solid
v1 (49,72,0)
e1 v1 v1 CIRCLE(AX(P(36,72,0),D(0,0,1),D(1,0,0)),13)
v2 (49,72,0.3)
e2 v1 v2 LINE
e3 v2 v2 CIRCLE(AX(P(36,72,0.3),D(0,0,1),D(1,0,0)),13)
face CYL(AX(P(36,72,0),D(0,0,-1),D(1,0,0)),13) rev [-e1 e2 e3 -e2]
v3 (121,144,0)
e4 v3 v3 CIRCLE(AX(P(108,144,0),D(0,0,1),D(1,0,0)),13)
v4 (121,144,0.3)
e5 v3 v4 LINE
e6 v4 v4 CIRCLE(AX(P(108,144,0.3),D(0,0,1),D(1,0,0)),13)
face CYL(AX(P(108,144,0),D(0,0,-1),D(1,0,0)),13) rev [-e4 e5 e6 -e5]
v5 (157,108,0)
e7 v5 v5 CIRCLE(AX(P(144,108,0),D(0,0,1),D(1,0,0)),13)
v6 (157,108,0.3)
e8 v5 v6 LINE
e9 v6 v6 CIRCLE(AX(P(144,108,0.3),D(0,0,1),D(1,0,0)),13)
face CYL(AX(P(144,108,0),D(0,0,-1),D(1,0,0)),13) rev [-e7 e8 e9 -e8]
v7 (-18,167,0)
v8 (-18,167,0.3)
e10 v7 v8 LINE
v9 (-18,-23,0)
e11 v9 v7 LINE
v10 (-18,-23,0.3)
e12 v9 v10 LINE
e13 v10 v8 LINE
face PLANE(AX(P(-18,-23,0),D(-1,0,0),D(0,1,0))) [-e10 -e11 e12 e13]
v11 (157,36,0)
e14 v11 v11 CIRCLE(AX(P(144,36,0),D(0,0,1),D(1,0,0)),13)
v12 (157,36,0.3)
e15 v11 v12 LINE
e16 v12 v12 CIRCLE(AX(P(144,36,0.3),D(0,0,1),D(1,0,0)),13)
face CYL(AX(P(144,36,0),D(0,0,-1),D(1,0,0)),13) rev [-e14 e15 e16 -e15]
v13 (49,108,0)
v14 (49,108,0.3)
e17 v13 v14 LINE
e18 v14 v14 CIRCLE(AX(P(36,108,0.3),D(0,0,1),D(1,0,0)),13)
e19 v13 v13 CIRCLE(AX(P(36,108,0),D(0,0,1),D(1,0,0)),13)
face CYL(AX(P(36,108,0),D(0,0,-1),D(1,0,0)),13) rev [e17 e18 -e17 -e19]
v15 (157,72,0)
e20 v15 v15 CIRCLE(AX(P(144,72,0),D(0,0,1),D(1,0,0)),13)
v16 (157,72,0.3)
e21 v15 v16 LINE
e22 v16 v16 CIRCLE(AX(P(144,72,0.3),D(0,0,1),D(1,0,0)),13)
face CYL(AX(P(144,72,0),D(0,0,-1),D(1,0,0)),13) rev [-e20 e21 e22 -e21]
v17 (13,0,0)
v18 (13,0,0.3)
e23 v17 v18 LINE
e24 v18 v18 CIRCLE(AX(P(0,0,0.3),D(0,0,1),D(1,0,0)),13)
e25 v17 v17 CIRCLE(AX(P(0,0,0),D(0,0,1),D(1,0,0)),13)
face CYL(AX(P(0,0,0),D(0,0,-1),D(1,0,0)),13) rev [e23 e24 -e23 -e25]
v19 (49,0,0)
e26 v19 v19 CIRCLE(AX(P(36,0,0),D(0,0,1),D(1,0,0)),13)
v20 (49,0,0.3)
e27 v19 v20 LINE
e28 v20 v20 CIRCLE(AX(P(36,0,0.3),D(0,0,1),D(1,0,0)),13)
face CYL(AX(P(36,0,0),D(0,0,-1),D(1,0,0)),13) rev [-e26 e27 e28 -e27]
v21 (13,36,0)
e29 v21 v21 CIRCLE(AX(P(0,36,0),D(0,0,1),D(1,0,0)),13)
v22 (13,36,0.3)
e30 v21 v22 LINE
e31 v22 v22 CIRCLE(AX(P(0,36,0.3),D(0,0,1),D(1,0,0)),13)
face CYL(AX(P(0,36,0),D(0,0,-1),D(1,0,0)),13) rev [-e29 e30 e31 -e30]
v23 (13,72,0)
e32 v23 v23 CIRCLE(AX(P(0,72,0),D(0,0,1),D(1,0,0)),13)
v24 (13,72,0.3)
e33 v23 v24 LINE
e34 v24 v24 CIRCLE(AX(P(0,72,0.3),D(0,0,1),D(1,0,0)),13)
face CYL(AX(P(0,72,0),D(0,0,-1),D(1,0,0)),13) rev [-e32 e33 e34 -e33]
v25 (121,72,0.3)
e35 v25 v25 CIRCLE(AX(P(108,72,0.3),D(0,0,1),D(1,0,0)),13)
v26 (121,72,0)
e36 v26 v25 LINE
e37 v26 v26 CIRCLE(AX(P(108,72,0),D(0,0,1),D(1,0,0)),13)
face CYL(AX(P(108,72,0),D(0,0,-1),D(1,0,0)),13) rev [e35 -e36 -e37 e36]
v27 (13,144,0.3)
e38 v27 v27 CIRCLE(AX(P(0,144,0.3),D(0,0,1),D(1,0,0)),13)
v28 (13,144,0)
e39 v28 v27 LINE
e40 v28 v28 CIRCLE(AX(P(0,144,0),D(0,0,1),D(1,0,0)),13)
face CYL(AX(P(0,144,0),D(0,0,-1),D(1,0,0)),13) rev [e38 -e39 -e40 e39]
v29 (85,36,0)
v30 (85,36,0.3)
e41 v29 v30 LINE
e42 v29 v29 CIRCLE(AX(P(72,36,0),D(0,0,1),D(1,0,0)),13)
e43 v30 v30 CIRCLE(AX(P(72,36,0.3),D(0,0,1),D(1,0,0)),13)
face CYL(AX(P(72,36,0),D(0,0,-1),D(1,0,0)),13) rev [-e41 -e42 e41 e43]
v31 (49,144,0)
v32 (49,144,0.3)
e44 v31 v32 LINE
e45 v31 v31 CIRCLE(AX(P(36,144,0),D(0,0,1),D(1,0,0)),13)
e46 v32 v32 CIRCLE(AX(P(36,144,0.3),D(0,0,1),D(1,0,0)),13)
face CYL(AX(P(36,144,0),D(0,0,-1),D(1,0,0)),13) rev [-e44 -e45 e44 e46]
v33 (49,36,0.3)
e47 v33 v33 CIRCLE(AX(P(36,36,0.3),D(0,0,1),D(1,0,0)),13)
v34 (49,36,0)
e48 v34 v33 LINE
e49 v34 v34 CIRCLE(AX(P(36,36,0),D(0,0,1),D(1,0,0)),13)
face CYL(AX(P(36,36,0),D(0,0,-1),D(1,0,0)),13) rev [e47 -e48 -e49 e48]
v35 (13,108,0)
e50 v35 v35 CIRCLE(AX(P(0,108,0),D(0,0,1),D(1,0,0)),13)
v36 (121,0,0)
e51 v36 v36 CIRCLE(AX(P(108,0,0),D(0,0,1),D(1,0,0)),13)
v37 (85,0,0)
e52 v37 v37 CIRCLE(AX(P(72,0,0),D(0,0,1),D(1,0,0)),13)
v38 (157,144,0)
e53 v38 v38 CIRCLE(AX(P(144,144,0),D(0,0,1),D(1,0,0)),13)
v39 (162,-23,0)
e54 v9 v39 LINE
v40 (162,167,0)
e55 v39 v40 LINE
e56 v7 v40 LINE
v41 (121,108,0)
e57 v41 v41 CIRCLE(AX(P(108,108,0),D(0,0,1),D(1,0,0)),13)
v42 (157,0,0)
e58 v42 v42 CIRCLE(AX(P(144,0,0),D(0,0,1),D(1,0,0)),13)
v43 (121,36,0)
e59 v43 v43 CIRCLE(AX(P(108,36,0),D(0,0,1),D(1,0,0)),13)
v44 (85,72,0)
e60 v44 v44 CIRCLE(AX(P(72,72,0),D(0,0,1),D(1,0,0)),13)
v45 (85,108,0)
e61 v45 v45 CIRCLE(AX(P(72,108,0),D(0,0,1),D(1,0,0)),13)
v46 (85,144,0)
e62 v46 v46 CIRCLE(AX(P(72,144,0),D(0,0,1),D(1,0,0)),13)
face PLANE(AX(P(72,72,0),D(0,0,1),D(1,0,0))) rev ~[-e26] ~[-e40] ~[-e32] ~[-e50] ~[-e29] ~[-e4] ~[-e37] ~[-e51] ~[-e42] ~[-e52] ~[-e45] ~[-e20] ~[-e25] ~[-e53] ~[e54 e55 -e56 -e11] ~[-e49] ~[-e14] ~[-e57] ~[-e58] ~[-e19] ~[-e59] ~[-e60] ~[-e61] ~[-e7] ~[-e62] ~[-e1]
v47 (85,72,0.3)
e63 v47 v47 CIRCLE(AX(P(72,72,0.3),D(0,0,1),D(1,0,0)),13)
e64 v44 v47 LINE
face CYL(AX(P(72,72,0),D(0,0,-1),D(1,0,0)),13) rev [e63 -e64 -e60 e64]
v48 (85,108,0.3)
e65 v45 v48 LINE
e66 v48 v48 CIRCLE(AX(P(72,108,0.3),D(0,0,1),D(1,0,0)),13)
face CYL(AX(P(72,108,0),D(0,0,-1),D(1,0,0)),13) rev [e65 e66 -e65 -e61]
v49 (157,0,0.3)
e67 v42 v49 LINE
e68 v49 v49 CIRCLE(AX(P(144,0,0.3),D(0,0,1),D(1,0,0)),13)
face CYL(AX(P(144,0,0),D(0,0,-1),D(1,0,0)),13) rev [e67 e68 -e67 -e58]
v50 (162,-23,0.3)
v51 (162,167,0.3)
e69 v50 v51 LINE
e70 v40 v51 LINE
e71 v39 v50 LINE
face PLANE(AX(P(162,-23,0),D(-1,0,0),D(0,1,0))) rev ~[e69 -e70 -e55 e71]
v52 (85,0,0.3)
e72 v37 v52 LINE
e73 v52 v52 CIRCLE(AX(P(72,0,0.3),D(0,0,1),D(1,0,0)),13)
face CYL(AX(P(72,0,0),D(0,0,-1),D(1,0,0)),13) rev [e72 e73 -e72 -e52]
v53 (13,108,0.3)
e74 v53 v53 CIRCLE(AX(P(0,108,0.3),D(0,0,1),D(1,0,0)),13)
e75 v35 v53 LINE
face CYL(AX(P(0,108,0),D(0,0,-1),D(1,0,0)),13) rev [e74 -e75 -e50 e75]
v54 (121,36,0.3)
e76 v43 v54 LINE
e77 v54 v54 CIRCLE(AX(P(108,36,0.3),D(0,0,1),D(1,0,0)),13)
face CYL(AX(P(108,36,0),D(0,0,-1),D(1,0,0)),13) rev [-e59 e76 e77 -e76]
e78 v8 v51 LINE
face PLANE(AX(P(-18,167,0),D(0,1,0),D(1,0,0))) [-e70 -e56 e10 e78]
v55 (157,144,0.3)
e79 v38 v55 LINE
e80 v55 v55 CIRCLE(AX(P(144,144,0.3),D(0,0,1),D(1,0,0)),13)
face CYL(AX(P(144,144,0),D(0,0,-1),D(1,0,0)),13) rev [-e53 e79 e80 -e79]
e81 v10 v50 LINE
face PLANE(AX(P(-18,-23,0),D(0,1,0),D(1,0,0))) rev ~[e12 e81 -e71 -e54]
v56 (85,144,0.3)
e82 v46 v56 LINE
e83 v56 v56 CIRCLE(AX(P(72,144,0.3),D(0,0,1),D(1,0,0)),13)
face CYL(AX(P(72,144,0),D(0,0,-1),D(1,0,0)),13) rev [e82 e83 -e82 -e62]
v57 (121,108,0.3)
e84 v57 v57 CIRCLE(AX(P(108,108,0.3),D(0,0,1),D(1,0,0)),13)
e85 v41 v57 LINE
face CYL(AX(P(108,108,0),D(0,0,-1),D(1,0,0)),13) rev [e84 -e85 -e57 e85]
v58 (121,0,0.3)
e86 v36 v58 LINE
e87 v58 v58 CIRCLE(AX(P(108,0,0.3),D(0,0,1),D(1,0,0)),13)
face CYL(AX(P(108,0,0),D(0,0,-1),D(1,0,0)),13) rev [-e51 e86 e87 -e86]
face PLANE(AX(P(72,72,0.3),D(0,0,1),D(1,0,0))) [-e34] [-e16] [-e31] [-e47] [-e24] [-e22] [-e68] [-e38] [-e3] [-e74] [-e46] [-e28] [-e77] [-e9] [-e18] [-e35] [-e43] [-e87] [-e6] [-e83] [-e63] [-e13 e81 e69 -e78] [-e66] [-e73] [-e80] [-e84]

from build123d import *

# Parameters (mm, degrees)
F0_W     = 180
F0_H     = 190
F0_R     = 13
F1_DEPTH = 0.3


with BuildPart() as f1:
    # F0 (on Top) → F1 (new body)
    with BuildSketch(Plane.XY):
        with Locations((72, 72)):
            Rectangle(F0_W, F0_H)
        Circle(F0_R, mode=Mode.SUBTRACT)
        with Locations((36, 0)):
            Circle(F0_R, mode=Mode.SUBTRACT)
        with Locations((0, 36)):
            Circle(F0_R, mode=Mode.SUBTRACT)
        with Locations((36, 36)):
            Circle(F0_R, mode=Mode.SUBTRACT)
        with Locations((72, 0)):
            Circle(F0_R, mode=Mode.SUBTRACT)
        with Locations((108, 0)):
            Circle(F0_R, mode=Mode.SUBTRACT)
        with Locations((144, 0)):
            Circle(F0_R, mode=Mode.SUBTRACT)
        with Locations((72, 36)):
            Circle(F0_R, mode=Mode.SUBTRACT)
        with Locations((108, 36)):
            Circle(F0_R, mode=Mode.SUBTRACT)
        with Locations((144, 36)):
            Circle(F0_R, mode=Mode.SUBTRACT)
        with Locations((0, 72)):
            Circle(F0_R, mode=Mode.SUBTRACT)
        with Locations((0, 108)):
            Circle(F0_R, mode=Mode.SUBTRACT)
        with Locations((36, 72)):
            Circle(F0_R, mode=Mode.SUBTRACT)
        with Locations((36, 108)):
            Circle(F0_R, mode=Mode.SUBTRACT)
        with Locations((0, 144)):
            Circle(F0_R, mode=Mode.SUBTRACT)
        with Locations((36, 144)):
            Circle(F0_R, mode=Mode.SUBTRACT)
        with Locations((72, 72)):
            Circle(F0_R, mode=Mode.SUBTRACT)
        with Locations((108, 72)):
            Circle(F0_R, mode=Mode.SUBTRACT)
        with Locations((72, 108)):
            Circle(F0_R, mode=Mode.SUBTRACT)
        with Locations((108, 108)):
            Circle(F0_R, mode=Mode.SUBTRACT)
        with Locations((144, 72)):
            Circle(F0_R, mode=Mode.SUBTRACT)
        with Locations((144, 108)):
            Circle(F0_R, mode=Mode.SUBTRACT)
        with Locations((72, 144)):
            Circle(F0_R, mode=Mode.SUBTRACT)
        with Locations((108, 144)):
            Circle(F0_R, mode=Mode.SUBTRACT)
        with Locations((144, 144)):
            Circle(F0_R, mode=Mode.SUBTRACT)
    extrude(amount=F1_DEPTH)


solid = f1.part
